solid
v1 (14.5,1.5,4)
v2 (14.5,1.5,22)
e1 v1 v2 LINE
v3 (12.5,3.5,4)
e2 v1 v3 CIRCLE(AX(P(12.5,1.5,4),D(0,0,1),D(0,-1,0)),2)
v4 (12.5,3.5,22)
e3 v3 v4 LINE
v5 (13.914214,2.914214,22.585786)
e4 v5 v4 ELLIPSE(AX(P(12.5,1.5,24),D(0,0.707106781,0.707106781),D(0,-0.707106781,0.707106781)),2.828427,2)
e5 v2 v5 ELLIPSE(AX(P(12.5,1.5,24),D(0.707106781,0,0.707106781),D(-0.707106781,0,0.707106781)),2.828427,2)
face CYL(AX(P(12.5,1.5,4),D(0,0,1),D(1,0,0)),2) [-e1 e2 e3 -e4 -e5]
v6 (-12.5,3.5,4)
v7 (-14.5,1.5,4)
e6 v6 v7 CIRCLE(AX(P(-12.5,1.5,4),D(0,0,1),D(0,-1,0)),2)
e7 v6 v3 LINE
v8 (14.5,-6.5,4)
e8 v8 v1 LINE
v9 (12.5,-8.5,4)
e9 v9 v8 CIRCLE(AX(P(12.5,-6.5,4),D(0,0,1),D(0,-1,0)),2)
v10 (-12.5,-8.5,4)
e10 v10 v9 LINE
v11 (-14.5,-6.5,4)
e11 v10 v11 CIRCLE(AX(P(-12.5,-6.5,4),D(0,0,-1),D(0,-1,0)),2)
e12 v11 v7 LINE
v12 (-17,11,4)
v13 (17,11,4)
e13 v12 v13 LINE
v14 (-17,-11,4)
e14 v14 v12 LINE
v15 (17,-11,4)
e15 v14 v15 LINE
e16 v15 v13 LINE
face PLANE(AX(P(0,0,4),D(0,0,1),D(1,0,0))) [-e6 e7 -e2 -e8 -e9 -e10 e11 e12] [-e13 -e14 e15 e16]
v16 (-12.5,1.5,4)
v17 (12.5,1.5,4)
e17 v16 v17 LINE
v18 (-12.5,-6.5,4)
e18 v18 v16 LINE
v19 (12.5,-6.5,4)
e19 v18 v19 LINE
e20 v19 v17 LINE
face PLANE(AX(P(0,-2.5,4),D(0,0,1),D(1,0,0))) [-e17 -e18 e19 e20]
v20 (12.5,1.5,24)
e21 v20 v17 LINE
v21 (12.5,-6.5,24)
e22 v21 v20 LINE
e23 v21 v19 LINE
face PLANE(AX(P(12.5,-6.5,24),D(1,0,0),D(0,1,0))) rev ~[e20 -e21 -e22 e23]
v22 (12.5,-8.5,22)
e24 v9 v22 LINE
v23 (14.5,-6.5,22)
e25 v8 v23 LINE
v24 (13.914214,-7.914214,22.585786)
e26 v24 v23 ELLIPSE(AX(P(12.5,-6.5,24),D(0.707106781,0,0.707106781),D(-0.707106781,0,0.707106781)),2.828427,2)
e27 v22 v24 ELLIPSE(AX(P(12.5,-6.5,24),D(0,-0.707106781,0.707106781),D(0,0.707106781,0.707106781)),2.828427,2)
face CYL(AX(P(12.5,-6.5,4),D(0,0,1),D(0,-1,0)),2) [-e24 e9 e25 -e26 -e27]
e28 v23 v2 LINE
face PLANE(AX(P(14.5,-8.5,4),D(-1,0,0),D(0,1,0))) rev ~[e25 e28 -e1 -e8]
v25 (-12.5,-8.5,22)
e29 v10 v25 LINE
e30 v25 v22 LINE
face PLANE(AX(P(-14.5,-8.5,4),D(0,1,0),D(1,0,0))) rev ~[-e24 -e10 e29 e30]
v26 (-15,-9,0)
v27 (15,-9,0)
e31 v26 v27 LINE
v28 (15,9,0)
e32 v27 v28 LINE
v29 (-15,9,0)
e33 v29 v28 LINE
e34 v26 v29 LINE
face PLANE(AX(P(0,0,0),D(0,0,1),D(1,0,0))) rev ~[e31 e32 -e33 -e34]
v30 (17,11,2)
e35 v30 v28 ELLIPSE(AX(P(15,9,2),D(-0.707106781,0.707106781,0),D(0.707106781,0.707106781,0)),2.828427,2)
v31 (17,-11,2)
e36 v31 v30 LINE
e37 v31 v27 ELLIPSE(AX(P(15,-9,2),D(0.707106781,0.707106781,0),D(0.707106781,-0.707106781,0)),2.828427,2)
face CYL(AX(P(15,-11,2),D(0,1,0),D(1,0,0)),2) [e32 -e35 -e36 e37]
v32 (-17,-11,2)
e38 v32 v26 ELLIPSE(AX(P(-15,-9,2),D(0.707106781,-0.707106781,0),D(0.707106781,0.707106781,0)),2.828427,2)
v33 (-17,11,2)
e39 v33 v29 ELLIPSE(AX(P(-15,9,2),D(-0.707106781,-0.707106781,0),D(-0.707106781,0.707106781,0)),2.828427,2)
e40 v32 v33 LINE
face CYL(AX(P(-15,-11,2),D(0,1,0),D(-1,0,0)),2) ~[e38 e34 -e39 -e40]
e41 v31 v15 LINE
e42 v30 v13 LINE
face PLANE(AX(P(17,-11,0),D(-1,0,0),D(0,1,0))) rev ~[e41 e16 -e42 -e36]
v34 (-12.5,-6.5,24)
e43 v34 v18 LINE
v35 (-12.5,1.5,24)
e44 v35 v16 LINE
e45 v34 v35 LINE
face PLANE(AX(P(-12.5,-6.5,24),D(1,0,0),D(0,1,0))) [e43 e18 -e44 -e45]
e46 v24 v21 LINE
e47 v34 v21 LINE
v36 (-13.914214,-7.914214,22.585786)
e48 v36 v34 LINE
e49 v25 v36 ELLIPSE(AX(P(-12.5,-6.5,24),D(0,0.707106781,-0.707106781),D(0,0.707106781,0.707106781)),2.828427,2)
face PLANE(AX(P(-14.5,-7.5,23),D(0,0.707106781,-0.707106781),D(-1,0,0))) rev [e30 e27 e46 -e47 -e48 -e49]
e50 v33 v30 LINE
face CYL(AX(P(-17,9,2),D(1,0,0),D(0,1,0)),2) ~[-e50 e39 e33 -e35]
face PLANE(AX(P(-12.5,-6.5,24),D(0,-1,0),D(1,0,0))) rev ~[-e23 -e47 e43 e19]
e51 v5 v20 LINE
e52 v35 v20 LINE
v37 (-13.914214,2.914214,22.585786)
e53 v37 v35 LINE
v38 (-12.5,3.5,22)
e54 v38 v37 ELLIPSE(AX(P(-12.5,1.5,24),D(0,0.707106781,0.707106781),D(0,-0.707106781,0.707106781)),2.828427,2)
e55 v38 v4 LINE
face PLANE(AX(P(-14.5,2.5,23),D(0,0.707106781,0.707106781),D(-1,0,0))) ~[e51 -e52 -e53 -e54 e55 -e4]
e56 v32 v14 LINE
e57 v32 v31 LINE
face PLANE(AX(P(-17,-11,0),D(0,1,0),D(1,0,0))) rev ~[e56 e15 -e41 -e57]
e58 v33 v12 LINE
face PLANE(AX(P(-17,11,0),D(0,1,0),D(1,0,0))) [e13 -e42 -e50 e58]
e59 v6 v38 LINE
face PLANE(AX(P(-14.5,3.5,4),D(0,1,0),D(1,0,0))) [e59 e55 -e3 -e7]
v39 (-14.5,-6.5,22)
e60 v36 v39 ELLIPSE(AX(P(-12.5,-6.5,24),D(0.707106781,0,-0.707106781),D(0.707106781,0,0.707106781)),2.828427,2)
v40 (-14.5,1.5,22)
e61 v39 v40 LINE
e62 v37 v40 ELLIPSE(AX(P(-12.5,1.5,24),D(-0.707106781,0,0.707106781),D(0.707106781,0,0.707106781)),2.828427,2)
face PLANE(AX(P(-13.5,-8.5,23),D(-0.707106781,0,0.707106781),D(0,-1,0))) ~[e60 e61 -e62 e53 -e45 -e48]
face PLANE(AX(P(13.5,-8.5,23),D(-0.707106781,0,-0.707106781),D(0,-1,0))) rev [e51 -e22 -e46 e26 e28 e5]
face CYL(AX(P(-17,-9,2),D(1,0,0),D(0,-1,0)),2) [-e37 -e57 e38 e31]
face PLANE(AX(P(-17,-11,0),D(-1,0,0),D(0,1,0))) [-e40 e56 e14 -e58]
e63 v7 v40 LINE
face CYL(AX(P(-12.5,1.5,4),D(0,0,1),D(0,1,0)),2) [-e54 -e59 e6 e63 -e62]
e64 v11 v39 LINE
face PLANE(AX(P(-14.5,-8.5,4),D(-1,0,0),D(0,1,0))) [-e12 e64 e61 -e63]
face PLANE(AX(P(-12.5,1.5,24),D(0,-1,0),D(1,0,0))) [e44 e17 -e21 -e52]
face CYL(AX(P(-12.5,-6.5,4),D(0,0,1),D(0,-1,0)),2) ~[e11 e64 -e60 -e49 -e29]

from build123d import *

# Parameters (mm, degrees)
F0_W      = 34
F0_H      = 22
F1_DEPTH  = 4
F2_W      = 29
F2_H      = 12
F3_DEPTH  = 20
F4_SIZE   = 2
F3_FACE_W = 25
F3_FACE_H = 8
F5_DEPTH  = 20
F6_R      = 2
F7_R      = 2


with BuildPart() as f1:
    # F0 (on Top) → F1 (new body)
    with BuildSketch(Plane.XY):
        Rectangle(F0_W, F0_H)
    extrude(amount=F1_DEPTH)

    # F2 (on face) → F3 (join)
    with BuildSketch(Plane.XY.offset(4)):
        with Locations((0, -2.5)):
            Rectangle(F2_W, F2_H)
    extrude(amount=F3_DEPTH)

    # F4
    f4_edges = [f1.edges().sort_by_distance(p)[0] for p in [
        (0, 3.5, 24),
        (-14.5, -2.5, 24),
        (0, -8.5, 24),
        (14.5, -2.5, 24),
    ]]
    chamfer(f4_edges, length=F4_SIZE)

    # F3_face (on face) → F5 (cut)
    with BuildSketch(Plane(origin=(0, -2.5, 24), x_dir=(1, 0, 0), z_dir=(0, 0, 1))):
        Rectangle(F3_FACE_W, F3_FACE_H)
    extrude(amount=-F5_DEPTH, mode=Mode.SUBTRACT)

    # F6
    f6_edges = [f1.edges().sort_by_distance(p)[0] for p in [
        (0, -11, 0),
        (17, 0, 0),
        (-17, 0, 0),
        (0, 11, 0),
    ]]
    fillet(f6_edges, radius=F6_R)

    # F7
    f7_edges = [f1.edges().sort_by_distance(p)[0] for p in [
        (-14.5, -8.5, 13),
        (-14.5, 3.5, 13),
        (14.5, -8.5, 13),
        (14.5, 3.5, 13),
    ]]
    fillet(f7_edges, radius=F7_R)


solid = f1.part
